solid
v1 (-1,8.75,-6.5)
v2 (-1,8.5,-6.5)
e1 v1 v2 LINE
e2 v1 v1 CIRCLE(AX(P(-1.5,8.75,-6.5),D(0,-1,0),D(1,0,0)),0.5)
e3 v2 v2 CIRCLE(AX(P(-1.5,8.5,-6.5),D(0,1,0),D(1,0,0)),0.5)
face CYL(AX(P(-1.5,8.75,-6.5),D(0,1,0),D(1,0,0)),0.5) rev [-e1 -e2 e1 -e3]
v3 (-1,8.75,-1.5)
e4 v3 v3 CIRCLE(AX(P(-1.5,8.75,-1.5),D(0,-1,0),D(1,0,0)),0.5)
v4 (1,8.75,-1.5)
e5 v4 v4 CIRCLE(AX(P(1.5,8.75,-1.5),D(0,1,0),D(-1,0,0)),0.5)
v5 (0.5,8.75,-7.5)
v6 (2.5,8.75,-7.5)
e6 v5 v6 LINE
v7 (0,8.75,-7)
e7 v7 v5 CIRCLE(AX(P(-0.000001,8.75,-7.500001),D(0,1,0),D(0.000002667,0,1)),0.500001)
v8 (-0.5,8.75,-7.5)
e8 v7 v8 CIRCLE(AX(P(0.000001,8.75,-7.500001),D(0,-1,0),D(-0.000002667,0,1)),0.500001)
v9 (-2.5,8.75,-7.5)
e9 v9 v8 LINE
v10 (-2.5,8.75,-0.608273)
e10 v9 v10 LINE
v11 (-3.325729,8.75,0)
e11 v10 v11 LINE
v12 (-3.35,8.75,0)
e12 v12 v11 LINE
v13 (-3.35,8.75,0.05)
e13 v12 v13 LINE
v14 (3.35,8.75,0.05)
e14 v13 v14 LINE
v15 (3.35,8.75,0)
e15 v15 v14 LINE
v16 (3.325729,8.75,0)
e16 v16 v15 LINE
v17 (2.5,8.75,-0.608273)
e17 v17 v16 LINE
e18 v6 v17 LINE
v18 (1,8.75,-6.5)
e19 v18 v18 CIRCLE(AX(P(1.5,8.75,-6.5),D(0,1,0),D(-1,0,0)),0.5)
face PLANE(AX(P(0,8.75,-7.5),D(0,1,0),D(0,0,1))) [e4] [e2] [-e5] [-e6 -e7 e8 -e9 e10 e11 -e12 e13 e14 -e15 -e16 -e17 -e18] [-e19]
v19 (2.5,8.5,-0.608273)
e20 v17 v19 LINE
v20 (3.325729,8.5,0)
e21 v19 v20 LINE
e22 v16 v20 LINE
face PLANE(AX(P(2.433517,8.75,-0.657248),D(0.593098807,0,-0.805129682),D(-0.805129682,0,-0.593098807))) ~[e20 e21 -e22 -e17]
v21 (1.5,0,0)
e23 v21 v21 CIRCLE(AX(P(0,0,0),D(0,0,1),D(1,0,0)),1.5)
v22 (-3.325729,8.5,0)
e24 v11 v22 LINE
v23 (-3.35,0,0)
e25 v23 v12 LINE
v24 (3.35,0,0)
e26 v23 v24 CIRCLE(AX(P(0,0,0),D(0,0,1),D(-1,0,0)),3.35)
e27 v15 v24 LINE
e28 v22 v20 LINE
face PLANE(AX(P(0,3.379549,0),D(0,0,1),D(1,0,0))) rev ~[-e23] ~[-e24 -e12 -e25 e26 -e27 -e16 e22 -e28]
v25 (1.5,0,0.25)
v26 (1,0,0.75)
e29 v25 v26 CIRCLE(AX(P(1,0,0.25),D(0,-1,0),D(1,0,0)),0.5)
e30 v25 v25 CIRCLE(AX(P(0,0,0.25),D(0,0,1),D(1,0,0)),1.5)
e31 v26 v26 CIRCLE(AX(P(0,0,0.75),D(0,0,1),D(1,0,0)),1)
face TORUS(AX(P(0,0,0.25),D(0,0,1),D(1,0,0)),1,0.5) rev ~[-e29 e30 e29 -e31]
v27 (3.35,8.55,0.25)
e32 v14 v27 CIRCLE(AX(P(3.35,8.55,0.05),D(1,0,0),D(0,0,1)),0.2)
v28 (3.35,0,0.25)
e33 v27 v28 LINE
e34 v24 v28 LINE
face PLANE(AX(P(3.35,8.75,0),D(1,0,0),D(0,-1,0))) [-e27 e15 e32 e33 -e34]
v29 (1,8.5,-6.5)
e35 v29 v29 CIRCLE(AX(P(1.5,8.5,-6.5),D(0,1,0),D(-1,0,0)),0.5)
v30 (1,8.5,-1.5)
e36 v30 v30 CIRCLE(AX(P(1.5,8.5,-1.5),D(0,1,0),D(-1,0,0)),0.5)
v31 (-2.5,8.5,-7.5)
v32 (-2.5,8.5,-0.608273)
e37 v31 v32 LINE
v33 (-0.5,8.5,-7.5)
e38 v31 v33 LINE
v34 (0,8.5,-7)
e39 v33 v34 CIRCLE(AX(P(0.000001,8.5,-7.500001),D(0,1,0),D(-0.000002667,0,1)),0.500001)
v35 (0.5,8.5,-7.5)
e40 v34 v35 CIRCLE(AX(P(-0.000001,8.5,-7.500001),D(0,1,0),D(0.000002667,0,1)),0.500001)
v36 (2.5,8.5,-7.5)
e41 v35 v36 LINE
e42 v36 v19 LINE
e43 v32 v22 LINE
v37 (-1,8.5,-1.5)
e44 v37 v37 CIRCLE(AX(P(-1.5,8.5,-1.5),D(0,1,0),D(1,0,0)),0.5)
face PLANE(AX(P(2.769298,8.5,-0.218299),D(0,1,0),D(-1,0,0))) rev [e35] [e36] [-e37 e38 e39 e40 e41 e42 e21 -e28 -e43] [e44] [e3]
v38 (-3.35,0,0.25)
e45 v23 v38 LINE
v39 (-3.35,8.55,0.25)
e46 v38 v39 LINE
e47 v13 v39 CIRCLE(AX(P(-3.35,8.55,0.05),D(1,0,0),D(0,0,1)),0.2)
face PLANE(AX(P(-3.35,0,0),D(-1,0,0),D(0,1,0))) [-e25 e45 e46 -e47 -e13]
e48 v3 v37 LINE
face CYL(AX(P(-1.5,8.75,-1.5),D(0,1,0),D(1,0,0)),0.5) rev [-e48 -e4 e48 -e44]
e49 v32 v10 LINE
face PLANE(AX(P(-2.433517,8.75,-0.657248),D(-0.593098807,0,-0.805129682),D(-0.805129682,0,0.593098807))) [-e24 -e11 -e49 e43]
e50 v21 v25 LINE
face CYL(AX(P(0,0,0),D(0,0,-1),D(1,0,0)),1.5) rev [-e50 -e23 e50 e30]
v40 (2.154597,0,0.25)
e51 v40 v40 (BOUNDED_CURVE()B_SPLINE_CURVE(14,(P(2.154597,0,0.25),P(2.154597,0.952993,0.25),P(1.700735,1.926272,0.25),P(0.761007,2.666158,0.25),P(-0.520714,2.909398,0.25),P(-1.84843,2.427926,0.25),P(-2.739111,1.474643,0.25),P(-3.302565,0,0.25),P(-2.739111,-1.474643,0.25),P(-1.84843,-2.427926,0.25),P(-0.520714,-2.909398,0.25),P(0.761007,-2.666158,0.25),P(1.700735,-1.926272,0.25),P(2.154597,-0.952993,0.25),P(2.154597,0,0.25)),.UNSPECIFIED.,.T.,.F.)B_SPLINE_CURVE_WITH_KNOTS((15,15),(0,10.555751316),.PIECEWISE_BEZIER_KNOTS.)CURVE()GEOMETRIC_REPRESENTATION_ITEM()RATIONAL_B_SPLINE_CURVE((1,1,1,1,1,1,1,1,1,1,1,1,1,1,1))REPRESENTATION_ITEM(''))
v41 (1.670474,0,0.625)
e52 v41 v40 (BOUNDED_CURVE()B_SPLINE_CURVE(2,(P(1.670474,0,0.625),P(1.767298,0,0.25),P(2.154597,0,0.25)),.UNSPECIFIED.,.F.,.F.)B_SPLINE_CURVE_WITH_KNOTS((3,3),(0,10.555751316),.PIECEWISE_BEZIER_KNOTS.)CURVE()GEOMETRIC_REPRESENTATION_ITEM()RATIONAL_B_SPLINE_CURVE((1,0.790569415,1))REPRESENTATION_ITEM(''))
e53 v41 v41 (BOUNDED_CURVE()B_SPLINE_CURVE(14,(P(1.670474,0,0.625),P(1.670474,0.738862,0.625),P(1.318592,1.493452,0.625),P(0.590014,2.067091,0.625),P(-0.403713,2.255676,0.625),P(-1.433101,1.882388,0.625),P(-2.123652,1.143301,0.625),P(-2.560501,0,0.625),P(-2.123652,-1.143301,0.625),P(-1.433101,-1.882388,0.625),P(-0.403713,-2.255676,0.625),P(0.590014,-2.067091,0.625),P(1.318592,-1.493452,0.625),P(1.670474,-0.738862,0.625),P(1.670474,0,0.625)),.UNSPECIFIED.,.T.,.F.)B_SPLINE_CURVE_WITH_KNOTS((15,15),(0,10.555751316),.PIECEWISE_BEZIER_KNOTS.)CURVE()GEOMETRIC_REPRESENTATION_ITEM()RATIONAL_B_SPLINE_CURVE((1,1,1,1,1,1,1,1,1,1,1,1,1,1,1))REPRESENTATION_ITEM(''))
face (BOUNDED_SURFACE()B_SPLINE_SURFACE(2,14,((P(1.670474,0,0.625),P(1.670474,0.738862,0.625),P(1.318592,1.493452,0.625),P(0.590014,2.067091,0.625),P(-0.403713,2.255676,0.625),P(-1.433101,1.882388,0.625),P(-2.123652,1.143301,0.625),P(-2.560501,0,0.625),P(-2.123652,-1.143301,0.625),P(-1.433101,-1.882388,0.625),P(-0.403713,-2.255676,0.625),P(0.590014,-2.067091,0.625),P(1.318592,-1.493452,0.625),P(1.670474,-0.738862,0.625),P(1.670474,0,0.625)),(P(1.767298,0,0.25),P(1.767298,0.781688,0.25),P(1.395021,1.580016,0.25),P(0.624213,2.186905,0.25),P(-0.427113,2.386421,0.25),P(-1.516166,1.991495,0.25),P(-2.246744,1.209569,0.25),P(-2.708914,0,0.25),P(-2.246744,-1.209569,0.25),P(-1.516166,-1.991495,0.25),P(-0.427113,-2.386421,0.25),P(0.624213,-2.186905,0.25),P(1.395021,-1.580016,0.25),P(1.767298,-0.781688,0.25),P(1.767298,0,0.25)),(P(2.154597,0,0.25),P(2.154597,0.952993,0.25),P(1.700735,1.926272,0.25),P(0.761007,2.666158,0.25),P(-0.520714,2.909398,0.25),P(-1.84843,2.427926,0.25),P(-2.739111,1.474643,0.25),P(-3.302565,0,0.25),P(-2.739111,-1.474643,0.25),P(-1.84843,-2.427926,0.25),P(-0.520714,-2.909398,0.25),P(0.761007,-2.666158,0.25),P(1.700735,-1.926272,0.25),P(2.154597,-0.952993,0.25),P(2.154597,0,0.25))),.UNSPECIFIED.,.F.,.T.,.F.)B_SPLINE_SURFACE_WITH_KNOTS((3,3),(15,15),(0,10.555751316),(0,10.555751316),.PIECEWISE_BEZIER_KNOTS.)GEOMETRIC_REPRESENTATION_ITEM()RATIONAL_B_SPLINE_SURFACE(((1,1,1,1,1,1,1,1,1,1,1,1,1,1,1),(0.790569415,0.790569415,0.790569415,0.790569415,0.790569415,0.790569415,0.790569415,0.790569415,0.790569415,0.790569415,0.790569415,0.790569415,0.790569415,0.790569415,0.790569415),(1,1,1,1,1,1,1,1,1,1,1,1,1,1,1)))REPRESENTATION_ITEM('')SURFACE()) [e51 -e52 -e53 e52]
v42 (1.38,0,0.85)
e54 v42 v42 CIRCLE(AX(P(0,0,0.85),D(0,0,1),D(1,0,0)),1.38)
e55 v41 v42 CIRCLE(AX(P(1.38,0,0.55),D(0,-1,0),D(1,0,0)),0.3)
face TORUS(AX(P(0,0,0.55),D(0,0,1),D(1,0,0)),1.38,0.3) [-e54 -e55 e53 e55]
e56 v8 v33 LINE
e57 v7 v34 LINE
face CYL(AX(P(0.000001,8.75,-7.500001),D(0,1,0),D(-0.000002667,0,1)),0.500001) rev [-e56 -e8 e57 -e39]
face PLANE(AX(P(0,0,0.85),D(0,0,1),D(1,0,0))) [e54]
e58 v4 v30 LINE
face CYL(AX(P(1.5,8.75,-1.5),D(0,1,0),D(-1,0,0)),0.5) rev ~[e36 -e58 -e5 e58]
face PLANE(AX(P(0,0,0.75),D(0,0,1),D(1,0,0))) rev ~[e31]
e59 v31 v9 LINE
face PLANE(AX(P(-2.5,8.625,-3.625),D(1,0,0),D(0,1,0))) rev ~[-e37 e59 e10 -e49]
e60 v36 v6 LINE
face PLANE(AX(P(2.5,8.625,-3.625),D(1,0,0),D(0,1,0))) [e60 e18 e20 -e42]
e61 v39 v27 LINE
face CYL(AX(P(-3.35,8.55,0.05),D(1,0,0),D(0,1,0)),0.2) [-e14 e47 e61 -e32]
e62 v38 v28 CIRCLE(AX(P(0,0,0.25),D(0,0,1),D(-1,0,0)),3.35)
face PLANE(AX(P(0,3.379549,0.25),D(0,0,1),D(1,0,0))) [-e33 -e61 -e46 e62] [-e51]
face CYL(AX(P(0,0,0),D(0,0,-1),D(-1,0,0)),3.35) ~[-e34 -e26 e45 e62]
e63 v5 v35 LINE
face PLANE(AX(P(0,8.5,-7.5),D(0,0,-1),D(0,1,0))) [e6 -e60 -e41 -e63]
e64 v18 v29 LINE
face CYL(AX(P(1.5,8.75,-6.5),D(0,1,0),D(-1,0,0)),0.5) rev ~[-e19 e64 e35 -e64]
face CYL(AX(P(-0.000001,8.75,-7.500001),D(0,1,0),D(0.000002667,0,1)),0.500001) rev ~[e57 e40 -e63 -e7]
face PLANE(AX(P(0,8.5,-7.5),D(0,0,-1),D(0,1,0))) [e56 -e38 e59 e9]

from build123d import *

# Parameters (mm, degrees)
PAD_DEPTH       = 0.25
SKETCH001_R     = 1.675
POCKET_DEPTH    = 5
SKETCH002_R     = 1.68
PAD001_DEPTH    = 0.85
SKETCH003_R     = 1.5
POCKET001_DEPTH = 0.75
FILLET_R        = 0.3
FILLET001_R     = 0.5
FILLET002_R     = 0.5
SKETCH004_W     = 0.25
SKETCH004_H     = 7.75
PAD002_DEPTH    = 2.5
SKETCH005_R     = 0.5
POCKET002_DEPTH = 5
FILLET003_R     = 0.2
PAD003_DEPTH    = 0.25


with BuildPart() as part:
    # Sketch → Pad (new body)
    with BuildSketch(Plane.XY):
        with BuildLine():
            ThreePointArc((-3.35, 0), (0, -3.35), (3.35, 0))
            Line((3.35, 8.75), (3.35, 0))
            Line((-3.35, 8.75), (3.35, 8.75))
            Line((-3.35, 0), (-3.35, 8.75))
        make_face()
    extrude(amount=PAD_DEPTH)

    # Sketch001 → Pocket (cut)
    with BuildSketch(Plane.XY):
        Circle(SKETCH001_R)
    extrude(amount=POCKET_DEPTH, mode=Mode.SUBTRACT)

    # Sketch002 (on DatumPlane) → Pad001 (join)
    with BuildSketch(Plane.XY.offset(0.85)):
        Circle(SKETCH002_R)
    extrude(amount=-PAD001_DEPTH)

    # Sketch003 → Pocket001 (cut)
    with BuildSketch(Plane.XY):
        Circle(SKETCH003_R)
    extrude(amount=POCKET001_DEPTH, mode=Mode.SUBTRACT)

    # Fillet
    fillet_edges = [part.edges().sort_by_distance(p)[0] for p in [
        (-1.68, 0, 0.85),
    ]]
    fillet(fillet_edges, radius=FILLET_R)

    # Fillet001
    fillet001_edges = [part.edges().sort_by_distance(p)[0] for p in [
        (-1.68, 0, 0.25),
    ]]
    fillet(fillet001_edges, radius=FILLET001_R)

    # Fillet002
    fillet002_edges = [part.edges().sort_by_distance(p)[0] for p in [
        (-1.5, 0, 0.75),
    ]]
    fillet(fillet002_edges, radius=FILLET002_R)

    # Sketch004 → Pad002 (join, symmetric)
    with BuildSketch(Plane.YZ):
        with Locations((8.625, -3.625)):
            Rectangle(SKETCH004_W, SKETCH004_H)
    extrude(amount=PAD002_DEPTH, both=True)

    # Sketch005 (on DatumPlane) → Pocket002 (cut)
    with BuildSketch(Plane.XZ.offset(-8.75)):
        with Locations((-1.5, -1.5)):
            Circle(SKETCH005_R)
        with Locations((-1.5, -6.5)):
            Circle(SKETCH005_R)
        with BuildLine():
            ThreePointArc((0, -7), (-0.353553, -7.146447), (-0.5, -7.5))
            Line((-0.5, -7.5), (0, -7.5))
            Line((0, -7), (0, -7.5))
        make_face()
    pocket002 = extrude(amount=POCKET002_DEPTH, mode=Mode.SUBTRACT)

    # Mirrored: Pocket002 across Sketch005 V_Axis
    add(pocket002.mirror(Plane(origin=(0, 8.75, 0), x_dir=(0, -1, 0), z_dir=(1, 0, 0))), mode=Mode.SUBTRACT)

    # Fillet003
    fillet003_edges = [part.edges().sort_by_distance(p)[0] for p in [
        (0, 8.75, 0.25),
    ]]
    fillet(fillet003_edges, radius=FILLET003_R)

    # Sketch006 (on DatumPlane) → Pad003 (join)
    with BuildSketch(Plane.XZ.offset(-8.75)):
        Polygon((-2.433517, -0.657248), (-3.325729, 0), (-2.433517, 0), align=None)
    pad003 = extrude(amount=PAD003_DEPTH)

    # Mirrored001: Pad003 across Sketch006 V_Axis
    add(pad003.mirror(Plane(origin=(0, 8.75, 0), x_dir=(0, -1, 0), z_dir=(1, 0, 0))))


solid = part.part
